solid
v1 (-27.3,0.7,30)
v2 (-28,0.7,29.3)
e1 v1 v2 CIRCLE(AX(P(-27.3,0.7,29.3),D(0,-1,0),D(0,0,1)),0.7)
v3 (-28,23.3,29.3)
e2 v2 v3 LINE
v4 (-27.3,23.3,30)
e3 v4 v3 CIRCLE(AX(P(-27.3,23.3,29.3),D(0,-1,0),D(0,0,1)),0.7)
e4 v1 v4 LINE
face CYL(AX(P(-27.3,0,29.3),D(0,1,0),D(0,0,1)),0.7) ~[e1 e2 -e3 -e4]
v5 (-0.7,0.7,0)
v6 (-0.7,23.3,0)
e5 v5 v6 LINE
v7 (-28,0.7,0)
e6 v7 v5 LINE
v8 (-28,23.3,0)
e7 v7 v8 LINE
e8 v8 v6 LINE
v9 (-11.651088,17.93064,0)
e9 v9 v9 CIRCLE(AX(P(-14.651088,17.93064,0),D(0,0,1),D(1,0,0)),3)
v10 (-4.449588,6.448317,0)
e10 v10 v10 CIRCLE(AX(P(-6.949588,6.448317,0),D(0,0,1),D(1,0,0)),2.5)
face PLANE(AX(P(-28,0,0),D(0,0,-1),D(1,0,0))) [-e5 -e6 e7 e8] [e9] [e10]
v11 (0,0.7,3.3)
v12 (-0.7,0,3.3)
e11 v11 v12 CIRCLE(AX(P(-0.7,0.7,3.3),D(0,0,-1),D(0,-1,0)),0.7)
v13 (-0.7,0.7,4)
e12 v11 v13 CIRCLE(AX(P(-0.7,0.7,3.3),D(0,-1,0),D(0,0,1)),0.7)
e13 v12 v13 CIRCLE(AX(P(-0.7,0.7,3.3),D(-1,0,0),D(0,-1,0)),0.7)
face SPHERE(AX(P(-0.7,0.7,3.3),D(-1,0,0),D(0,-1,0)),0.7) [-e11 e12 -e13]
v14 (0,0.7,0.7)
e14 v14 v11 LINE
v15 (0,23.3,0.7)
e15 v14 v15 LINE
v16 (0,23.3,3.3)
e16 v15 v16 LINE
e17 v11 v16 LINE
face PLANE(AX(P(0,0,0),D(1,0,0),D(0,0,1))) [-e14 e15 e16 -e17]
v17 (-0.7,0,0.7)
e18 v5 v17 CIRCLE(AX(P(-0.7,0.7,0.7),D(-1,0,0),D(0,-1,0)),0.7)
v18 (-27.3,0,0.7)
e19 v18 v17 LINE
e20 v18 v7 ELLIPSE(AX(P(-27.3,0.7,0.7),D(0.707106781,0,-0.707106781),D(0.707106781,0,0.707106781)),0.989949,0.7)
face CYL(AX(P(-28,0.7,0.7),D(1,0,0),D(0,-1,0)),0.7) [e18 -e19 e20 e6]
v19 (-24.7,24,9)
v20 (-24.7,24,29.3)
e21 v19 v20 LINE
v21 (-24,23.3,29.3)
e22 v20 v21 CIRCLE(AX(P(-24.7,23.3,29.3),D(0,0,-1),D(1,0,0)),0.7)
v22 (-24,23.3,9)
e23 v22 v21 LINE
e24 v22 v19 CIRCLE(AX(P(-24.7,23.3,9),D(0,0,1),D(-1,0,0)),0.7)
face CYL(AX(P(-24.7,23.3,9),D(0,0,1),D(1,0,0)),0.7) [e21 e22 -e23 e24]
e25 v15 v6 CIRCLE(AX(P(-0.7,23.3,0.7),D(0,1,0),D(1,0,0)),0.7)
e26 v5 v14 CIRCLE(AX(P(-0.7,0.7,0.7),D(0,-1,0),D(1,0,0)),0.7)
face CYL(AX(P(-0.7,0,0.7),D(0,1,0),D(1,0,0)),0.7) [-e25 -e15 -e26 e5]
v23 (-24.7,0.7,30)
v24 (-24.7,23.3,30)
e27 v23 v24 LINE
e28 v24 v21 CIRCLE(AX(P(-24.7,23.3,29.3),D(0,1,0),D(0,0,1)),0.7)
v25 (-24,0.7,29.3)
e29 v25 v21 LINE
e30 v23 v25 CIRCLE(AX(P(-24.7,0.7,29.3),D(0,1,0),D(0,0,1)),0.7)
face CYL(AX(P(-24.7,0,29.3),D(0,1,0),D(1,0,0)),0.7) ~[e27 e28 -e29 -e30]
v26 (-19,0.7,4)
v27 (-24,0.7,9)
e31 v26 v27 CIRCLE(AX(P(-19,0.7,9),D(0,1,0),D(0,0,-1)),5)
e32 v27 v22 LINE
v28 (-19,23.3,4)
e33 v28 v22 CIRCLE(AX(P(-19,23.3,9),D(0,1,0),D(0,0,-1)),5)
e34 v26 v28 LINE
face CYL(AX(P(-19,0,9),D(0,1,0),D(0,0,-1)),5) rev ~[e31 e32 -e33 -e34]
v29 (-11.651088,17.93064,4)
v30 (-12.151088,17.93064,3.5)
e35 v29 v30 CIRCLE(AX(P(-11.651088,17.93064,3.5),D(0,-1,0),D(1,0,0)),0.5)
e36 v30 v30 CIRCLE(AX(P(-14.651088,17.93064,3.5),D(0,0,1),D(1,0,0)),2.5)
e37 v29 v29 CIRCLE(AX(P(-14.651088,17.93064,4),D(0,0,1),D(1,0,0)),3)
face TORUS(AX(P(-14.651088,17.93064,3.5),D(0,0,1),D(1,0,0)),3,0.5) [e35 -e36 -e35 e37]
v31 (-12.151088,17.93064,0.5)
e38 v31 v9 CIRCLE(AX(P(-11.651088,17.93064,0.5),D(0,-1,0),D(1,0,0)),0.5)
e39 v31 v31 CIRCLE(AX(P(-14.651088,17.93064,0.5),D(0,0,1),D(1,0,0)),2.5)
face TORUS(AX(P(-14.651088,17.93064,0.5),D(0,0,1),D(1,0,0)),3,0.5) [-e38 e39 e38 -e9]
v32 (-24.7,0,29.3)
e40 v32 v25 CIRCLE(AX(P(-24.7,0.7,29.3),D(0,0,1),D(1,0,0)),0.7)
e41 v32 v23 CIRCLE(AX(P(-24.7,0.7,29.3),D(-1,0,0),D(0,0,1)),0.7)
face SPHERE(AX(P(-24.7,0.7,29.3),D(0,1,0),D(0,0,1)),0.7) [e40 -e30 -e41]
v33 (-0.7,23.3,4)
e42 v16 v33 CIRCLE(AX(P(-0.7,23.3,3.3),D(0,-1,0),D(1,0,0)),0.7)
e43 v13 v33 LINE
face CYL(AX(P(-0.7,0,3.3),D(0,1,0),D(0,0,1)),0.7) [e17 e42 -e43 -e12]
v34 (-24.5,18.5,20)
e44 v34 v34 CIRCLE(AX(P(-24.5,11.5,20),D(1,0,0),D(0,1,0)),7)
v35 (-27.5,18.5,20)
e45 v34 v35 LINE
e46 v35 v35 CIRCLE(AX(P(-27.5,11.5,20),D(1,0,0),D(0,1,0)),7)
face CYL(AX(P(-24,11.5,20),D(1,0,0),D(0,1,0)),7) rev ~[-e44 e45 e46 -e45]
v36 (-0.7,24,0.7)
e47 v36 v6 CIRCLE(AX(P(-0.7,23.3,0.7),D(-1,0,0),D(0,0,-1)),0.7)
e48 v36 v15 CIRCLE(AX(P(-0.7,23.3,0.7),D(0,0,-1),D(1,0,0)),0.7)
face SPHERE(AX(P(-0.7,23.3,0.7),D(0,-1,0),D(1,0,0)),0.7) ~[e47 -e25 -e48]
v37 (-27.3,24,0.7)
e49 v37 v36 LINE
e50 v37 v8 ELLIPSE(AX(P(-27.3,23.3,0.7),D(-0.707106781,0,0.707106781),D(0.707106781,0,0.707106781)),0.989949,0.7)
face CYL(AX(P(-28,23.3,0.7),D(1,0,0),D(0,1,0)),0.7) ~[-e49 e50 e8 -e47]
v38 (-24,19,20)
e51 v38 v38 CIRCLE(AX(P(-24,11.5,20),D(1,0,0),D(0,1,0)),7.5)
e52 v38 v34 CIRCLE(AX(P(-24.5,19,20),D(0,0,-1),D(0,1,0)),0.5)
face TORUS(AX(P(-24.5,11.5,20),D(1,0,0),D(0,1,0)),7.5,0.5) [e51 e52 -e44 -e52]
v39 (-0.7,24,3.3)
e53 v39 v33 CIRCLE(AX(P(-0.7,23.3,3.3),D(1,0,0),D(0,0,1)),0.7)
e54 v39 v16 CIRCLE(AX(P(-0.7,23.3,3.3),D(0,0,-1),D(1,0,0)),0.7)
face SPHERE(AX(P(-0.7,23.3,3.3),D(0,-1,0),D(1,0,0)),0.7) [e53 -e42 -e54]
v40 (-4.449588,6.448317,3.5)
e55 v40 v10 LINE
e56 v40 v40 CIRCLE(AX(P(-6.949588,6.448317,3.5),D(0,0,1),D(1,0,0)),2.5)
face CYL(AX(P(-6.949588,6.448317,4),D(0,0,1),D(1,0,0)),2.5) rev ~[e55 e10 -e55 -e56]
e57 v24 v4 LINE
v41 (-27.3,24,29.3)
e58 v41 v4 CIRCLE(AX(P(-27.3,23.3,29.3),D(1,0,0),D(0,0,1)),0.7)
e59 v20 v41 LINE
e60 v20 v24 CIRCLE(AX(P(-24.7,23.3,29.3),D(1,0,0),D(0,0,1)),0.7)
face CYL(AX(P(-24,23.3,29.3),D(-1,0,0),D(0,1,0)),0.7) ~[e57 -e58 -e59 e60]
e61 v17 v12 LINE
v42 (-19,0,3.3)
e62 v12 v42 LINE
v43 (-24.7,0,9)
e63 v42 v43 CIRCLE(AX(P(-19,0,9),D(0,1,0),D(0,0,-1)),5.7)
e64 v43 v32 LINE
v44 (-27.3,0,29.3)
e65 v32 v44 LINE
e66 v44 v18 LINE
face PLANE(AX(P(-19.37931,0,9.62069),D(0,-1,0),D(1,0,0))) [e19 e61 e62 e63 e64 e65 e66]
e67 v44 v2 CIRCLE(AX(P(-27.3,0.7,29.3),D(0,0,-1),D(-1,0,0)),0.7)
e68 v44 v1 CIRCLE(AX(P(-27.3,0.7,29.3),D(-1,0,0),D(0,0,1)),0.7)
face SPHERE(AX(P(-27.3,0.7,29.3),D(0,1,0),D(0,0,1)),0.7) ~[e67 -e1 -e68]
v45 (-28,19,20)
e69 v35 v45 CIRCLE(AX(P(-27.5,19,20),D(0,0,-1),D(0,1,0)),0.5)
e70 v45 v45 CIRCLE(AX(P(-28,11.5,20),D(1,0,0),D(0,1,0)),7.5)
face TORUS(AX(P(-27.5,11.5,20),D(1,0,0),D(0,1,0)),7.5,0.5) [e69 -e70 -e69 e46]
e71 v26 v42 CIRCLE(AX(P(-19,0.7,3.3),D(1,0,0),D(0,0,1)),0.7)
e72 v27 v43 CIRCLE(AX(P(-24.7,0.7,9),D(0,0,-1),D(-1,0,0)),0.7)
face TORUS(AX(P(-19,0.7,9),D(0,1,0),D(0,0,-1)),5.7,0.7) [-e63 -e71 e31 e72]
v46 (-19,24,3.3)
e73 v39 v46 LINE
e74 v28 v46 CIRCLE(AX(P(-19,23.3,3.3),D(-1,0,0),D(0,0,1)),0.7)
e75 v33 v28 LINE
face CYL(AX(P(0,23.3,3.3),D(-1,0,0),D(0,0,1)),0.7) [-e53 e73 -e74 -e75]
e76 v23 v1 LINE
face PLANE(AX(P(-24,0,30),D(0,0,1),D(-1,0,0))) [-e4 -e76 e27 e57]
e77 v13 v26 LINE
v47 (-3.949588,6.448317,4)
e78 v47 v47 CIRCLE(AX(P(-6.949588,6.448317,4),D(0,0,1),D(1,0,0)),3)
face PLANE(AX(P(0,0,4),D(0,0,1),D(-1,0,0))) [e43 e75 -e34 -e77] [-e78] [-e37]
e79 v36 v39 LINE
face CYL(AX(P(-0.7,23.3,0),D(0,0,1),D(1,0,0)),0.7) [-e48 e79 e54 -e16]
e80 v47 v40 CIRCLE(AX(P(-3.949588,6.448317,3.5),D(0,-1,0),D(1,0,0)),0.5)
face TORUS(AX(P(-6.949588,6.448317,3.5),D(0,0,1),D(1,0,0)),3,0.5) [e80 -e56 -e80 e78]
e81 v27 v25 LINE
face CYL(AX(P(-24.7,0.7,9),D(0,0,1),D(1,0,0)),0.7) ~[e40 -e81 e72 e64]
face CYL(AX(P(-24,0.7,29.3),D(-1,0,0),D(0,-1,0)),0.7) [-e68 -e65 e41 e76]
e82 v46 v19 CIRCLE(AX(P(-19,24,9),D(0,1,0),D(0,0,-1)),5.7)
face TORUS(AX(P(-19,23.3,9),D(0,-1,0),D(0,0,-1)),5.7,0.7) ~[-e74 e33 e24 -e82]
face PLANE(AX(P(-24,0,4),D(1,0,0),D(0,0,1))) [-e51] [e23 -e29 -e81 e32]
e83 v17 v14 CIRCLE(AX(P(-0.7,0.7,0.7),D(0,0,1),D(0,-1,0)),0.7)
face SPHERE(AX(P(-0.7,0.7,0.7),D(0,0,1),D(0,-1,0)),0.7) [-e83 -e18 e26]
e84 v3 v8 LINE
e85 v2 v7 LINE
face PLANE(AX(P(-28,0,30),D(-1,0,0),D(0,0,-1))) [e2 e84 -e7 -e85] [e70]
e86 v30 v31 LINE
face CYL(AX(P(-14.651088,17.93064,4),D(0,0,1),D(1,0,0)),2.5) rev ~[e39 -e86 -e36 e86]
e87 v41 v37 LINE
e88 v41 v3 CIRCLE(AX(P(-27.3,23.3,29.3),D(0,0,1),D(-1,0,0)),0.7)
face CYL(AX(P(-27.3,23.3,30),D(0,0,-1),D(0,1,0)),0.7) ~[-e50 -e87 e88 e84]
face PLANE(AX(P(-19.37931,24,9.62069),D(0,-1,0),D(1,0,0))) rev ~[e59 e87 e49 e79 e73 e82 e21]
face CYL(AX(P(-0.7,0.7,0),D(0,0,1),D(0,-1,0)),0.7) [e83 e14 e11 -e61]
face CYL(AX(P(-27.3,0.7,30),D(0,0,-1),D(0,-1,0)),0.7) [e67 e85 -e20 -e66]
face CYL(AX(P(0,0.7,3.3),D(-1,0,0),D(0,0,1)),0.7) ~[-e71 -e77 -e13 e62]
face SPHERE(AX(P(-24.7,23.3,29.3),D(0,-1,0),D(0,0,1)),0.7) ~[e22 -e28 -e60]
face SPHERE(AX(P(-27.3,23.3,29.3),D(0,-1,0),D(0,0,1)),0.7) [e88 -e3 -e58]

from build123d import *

# Parameters (mm, degrees)
F1_DEPTH = 24
F2_R     = 2.5
F3_DEPTH = 25
F4_R     = 7
F5_DEPTH = 25
F6_R     = 5
F7_R     = 0.7
F8_R     = 0.5


with BuildPart() as f1:
    # F0 (on Front) → F1 (new body)
    with BuildSketch(Plane.XZ):
        Polygon((0, 4), (-24, 4), (-24, 30), (-28, 30), (-28, 0), (0, 0), align=None)
    extrude(amount=-F1_DEPTH)

    # F2 (on face) → F3 (cut)
    with BuildSketch(Plane.XY.offset(4)):
        with Locations((-14.651088044, 17.9306399077)):
            Circle(F2_R)
        with Locations((-6.9495881908, 6.4483168535)):
            Circle(F2_R)
    extrude(amount=-F3_DEPTH, mode=Mode.SUBTRACT)

    # F4 (on face) → F5 (cut)
    with BuildSketch(Plane.YZ.offset(-24)):
        with Locations((11.5, 20)):
            Circle(F4_R)
    extrude(amount=-F5_DEPTH, mode=Mode.SUBTRACT)

    # F6
    f6_edges = [f1.edges().sort_by_distance(p)[0] for p in [
        (-24, 12, 4),
    ]]
    fillet(f6_edges, radius=F6_R)

    # F7
    f7_edges = [f1.edges().sort_by_distance(p)[0] for p in [
        (-24, 12, 30),
        (-28, 12, 30),
        (-26, 0, 30),
        (-26, 24, 30),
        (-9.5, 0, 4),
        (-22.535534, 0, 5.464466),
        (0, 0, 2),
        (-24, 0, 19.5),
        (-14, 0, 0),
        (-28, 0, 15),
        (0, 12, 0),
        (0, 12, 4),
        (0, 24, 2),
        (-9.5, 24, 4),
        (-22.535534, 24, 5.464466),
        (-24, 24, 19.5),
        (-14, 24, 0),
        (-28, 24, 15),
    ]]
    fillet(f7_edges, radius=F7_R)

    # F8
    f8_edges = [f1.edges().sort_by_distance(p)[0] for p in [
        (-17.151088, 17.93064, 0),
        (-9.449588, 6.448317, 4),
        (-17.151088, 17.93064, 4),
        (-24, 4.5, 20),
        (-26, 18.5, 20),
        (-28, 4.5, 20),
    ]]
    fillet(f8_edges, radius=F8_R)


solid = f1.part
